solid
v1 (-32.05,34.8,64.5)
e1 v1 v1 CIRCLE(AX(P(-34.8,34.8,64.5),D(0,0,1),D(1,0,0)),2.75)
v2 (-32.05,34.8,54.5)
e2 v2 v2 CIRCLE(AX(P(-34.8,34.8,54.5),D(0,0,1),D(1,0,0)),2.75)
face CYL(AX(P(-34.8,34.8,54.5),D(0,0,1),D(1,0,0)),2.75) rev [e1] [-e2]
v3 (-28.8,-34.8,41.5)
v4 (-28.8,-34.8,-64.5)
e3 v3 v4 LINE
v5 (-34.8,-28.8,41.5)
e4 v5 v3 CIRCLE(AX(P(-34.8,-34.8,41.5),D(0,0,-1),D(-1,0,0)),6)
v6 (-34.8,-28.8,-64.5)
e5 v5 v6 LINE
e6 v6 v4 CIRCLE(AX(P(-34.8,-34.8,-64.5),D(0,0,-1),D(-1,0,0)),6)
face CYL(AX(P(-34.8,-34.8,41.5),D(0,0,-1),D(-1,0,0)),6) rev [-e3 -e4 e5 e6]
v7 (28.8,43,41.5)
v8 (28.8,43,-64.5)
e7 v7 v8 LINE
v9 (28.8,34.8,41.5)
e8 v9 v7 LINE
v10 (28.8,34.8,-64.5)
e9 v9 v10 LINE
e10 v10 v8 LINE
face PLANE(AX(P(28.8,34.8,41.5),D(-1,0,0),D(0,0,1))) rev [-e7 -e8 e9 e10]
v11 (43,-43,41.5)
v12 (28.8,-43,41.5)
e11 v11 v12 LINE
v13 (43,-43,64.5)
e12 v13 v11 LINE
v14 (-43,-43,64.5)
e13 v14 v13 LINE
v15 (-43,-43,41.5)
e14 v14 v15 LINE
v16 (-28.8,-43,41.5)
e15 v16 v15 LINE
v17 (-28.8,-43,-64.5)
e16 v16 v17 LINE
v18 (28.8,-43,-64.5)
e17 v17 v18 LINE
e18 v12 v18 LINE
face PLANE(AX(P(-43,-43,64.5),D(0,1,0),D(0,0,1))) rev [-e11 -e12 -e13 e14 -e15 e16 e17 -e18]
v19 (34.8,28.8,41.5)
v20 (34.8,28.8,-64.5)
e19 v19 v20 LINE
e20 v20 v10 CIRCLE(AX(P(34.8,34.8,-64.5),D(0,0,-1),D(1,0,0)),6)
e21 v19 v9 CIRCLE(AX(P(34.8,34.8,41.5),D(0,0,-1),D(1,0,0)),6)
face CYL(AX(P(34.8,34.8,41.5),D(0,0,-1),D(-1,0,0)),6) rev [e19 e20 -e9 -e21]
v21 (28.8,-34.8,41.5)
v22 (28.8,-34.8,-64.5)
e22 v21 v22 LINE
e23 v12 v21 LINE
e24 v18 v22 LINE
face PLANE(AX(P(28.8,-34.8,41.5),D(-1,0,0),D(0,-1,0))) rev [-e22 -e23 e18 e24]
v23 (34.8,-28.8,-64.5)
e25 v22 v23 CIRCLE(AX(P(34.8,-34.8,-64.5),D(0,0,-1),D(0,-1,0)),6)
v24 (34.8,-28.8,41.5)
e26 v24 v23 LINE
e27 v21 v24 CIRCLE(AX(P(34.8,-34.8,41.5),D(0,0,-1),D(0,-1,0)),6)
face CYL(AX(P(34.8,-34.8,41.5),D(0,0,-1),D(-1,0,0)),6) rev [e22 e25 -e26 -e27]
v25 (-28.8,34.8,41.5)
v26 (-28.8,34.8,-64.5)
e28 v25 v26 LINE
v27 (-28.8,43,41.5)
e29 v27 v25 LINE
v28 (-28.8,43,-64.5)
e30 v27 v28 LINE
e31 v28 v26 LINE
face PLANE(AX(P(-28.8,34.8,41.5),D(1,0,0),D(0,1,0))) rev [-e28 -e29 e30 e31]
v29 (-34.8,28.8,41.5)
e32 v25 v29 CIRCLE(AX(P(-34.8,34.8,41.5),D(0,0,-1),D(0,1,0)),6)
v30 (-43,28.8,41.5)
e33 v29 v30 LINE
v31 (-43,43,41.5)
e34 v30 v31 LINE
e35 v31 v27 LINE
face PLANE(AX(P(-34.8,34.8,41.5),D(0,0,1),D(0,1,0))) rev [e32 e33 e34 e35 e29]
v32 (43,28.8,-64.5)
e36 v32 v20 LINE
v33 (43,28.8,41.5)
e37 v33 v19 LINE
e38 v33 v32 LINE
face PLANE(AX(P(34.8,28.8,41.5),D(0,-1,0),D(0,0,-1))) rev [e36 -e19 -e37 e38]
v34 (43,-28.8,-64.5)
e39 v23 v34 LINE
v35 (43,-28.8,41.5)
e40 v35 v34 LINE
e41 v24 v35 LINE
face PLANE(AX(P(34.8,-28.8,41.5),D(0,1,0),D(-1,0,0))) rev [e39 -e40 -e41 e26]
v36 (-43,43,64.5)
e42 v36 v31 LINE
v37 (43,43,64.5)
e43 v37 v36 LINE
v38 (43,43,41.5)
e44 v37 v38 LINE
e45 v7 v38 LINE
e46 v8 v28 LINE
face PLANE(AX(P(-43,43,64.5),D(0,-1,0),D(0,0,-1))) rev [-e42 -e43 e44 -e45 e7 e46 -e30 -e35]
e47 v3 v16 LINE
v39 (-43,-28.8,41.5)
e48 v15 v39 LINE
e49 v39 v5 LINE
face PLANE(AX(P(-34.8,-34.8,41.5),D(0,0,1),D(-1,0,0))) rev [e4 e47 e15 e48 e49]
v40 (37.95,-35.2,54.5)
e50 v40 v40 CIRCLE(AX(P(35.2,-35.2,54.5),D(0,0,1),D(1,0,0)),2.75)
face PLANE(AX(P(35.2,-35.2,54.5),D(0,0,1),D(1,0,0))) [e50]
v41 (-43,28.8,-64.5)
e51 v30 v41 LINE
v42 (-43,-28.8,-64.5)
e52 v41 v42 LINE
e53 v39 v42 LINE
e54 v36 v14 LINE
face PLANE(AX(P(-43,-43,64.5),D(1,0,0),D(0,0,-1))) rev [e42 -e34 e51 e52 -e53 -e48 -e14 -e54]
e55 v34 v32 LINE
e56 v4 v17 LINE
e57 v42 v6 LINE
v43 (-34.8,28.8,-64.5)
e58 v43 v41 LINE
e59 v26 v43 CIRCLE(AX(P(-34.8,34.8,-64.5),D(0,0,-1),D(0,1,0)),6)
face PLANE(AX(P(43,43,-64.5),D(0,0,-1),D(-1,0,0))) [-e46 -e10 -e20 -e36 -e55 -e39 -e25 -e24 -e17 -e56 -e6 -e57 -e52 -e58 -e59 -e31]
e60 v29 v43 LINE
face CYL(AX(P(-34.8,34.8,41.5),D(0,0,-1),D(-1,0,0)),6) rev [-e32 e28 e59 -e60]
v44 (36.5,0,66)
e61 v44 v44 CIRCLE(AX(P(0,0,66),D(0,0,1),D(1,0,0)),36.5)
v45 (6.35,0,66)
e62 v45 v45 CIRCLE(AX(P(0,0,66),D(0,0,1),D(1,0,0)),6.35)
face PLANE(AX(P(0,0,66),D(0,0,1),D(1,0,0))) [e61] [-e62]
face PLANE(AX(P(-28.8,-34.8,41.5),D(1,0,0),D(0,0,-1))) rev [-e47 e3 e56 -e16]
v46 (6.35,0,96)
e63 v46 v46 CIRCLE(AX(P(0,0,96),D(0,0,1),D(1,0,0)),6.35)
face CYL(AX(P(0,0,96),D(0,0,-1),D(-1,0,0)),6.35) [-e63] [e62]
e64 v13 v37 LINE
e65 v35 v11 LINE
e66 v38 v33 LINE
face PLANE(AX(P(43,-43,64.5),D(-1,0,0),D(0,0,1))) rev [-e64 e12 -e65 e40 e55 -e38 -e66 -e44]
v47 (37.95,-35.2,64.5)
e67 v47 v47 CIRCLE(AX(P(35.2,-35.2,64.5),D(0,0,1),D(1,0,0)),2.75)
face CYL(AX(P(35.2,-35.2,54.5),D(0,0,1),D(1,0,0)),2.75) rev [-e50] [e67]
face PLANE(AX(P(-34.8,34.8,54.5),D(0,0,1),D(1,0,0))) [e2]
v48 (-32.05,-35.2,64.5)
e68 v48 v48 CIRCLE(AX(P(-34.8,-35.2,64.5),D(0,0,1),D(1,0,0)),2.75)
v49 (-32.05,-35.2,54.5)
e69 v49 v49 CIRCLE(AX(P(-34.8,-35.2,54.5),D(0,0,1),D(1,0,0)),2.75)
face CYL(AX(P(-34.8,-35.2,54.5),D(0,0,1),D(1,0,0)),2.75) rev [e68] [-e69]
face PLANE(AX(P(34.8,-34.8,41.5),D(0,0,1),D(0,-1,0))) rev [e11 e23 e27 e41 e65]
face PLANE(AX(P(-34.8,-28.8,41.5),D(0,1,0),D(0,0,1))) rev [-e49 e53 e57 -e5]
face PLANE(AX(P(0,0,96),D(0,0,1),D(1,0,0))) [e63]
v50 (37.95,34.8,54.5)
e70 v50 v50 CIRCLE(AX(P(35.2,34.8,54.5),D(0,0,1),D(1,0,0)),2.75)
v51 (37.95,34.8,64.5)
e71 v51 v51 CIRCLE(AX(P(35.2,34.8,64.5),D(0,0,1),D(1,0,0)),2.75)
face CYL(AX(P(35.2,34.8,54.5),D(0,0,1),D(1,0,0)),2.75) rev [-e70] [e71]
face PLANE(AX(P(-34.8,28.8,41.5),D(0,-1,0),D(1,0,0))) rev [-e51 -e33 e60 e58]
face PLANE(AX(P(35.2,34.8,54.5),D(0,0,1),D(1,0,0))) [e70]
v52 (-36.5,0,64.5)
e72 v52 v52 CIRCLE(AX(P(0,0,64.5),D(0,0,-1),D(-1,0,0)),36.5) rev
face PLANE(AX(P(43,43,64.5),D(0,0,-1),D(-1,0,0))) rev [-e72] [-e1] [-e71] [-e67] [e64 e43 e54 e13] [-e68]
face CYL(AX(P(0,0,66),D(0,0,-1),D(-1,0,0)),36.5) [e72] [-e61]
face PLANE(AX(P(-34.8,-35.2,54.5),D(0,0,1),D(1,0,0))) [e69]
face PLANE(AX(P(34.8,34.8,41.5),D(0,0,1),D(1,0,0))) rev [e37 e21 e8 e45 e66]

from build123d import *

# Parameters (mm, degrees)
SKETCH_3_W               = 86
SKETCH_3_H               = 86
EXTRUDE_2_DEPTH          = 64.5
CUT_EXTRUDE_2_DEPTH      = 106
PATTERN_CIRCULAR_1_COUNT = 4
SKETCH_5_R               = 2.75
CUT_EXTRUDE_3_DEPTH      = 10
SKETCH_6_R               = 36.5
EXTRUDE_3_DEPTH          = 1.5
SKETCH_7_R               = 6.35
EXTRUDE_4_DEPTH          = 30


with BuildPart() as part:
    # 草图3 → 凸台-拉伸2 (new, symmetric)
    with BuildSketch(Plane.XY):
        Rectangle(SKETCH_3_W, SKETCH_3_H)
    extrude(amount=EXTRUDE_2_DEPTH, both=True)

    # 草图4 → 切除-拉伸2 (cut)
    with BuildSketch(Plane(origin=(0, 0, -64.5), x_dir=(-1, 0, 0), z_dir=(0, 0, -1))):
        with BuildLine():
            Line((-28.8, 34.8), (-28.8, 43))
            Line((-28.8, 43), (-43, 43))
            Line((-43, 43), (-43, 28.8))
            Line((-43, 28.8), (-34.8, 28.8))
            ThreePointArc((-34.8, 28.8), (-30.557359313, 30.557359313), (-28.8, 34.8))
        make_face()
    cut_extrude_2 = extrude(amount=-CUT_EXTRUDE_2_DEPTH, mode=Mode.SUBTRACT)

    # 阵列(圆周)1: 切除-拉伸2 ×4 about axis
    pattern_circular_1_axis = Axis((0, 0, -44), (0, 0, 1))
    for i in range(1, PATTERN_CIRCULAR_1_COUNT):
        add(cut_extrude_2.rotate(pattern_circular_1_axis, i * 360 / PATTERN_CIRCULAR_1_COUNT), mode=Mode.SUBTRACT)

    # 草图5 → 切除-拉伸3 (cut)
    with BuildSketch(Plane.XY.offset(64.5)):
        with Locations((-34.8, 34.8)):
            Circle(SKETCH_5_R)
        with Locations((35.2, 34.8)):
            Circle(SKETCH_5_R)
        with Locations((35.2, -35.2)):
            Circle(SKETCH_5_R)
        with Locations((-34.8, -35.2)):
            Circle(SKETCH_5_R)
    extrude(amount=-CUT_EXTRUDE_3_DEPTH, mode=Mode.SUBTRACT)

    # 草图6 → 凸台-拉伸3 (add)
    with BuildSketch(Plane.XY.offset(64.5)):
        Circle(SKETCH_6_R)
    extrude(amount=EXTRUDE_3_DEPTH)

    # 草图7 → 凸台-拉伸4 (add)
    with BuildSketch(Plane.XY.offset(66)):
        Circle(SKETCH_7_R)
    extrude(amount=EXTRUDE_4_DEPTH)


solid = part.part
